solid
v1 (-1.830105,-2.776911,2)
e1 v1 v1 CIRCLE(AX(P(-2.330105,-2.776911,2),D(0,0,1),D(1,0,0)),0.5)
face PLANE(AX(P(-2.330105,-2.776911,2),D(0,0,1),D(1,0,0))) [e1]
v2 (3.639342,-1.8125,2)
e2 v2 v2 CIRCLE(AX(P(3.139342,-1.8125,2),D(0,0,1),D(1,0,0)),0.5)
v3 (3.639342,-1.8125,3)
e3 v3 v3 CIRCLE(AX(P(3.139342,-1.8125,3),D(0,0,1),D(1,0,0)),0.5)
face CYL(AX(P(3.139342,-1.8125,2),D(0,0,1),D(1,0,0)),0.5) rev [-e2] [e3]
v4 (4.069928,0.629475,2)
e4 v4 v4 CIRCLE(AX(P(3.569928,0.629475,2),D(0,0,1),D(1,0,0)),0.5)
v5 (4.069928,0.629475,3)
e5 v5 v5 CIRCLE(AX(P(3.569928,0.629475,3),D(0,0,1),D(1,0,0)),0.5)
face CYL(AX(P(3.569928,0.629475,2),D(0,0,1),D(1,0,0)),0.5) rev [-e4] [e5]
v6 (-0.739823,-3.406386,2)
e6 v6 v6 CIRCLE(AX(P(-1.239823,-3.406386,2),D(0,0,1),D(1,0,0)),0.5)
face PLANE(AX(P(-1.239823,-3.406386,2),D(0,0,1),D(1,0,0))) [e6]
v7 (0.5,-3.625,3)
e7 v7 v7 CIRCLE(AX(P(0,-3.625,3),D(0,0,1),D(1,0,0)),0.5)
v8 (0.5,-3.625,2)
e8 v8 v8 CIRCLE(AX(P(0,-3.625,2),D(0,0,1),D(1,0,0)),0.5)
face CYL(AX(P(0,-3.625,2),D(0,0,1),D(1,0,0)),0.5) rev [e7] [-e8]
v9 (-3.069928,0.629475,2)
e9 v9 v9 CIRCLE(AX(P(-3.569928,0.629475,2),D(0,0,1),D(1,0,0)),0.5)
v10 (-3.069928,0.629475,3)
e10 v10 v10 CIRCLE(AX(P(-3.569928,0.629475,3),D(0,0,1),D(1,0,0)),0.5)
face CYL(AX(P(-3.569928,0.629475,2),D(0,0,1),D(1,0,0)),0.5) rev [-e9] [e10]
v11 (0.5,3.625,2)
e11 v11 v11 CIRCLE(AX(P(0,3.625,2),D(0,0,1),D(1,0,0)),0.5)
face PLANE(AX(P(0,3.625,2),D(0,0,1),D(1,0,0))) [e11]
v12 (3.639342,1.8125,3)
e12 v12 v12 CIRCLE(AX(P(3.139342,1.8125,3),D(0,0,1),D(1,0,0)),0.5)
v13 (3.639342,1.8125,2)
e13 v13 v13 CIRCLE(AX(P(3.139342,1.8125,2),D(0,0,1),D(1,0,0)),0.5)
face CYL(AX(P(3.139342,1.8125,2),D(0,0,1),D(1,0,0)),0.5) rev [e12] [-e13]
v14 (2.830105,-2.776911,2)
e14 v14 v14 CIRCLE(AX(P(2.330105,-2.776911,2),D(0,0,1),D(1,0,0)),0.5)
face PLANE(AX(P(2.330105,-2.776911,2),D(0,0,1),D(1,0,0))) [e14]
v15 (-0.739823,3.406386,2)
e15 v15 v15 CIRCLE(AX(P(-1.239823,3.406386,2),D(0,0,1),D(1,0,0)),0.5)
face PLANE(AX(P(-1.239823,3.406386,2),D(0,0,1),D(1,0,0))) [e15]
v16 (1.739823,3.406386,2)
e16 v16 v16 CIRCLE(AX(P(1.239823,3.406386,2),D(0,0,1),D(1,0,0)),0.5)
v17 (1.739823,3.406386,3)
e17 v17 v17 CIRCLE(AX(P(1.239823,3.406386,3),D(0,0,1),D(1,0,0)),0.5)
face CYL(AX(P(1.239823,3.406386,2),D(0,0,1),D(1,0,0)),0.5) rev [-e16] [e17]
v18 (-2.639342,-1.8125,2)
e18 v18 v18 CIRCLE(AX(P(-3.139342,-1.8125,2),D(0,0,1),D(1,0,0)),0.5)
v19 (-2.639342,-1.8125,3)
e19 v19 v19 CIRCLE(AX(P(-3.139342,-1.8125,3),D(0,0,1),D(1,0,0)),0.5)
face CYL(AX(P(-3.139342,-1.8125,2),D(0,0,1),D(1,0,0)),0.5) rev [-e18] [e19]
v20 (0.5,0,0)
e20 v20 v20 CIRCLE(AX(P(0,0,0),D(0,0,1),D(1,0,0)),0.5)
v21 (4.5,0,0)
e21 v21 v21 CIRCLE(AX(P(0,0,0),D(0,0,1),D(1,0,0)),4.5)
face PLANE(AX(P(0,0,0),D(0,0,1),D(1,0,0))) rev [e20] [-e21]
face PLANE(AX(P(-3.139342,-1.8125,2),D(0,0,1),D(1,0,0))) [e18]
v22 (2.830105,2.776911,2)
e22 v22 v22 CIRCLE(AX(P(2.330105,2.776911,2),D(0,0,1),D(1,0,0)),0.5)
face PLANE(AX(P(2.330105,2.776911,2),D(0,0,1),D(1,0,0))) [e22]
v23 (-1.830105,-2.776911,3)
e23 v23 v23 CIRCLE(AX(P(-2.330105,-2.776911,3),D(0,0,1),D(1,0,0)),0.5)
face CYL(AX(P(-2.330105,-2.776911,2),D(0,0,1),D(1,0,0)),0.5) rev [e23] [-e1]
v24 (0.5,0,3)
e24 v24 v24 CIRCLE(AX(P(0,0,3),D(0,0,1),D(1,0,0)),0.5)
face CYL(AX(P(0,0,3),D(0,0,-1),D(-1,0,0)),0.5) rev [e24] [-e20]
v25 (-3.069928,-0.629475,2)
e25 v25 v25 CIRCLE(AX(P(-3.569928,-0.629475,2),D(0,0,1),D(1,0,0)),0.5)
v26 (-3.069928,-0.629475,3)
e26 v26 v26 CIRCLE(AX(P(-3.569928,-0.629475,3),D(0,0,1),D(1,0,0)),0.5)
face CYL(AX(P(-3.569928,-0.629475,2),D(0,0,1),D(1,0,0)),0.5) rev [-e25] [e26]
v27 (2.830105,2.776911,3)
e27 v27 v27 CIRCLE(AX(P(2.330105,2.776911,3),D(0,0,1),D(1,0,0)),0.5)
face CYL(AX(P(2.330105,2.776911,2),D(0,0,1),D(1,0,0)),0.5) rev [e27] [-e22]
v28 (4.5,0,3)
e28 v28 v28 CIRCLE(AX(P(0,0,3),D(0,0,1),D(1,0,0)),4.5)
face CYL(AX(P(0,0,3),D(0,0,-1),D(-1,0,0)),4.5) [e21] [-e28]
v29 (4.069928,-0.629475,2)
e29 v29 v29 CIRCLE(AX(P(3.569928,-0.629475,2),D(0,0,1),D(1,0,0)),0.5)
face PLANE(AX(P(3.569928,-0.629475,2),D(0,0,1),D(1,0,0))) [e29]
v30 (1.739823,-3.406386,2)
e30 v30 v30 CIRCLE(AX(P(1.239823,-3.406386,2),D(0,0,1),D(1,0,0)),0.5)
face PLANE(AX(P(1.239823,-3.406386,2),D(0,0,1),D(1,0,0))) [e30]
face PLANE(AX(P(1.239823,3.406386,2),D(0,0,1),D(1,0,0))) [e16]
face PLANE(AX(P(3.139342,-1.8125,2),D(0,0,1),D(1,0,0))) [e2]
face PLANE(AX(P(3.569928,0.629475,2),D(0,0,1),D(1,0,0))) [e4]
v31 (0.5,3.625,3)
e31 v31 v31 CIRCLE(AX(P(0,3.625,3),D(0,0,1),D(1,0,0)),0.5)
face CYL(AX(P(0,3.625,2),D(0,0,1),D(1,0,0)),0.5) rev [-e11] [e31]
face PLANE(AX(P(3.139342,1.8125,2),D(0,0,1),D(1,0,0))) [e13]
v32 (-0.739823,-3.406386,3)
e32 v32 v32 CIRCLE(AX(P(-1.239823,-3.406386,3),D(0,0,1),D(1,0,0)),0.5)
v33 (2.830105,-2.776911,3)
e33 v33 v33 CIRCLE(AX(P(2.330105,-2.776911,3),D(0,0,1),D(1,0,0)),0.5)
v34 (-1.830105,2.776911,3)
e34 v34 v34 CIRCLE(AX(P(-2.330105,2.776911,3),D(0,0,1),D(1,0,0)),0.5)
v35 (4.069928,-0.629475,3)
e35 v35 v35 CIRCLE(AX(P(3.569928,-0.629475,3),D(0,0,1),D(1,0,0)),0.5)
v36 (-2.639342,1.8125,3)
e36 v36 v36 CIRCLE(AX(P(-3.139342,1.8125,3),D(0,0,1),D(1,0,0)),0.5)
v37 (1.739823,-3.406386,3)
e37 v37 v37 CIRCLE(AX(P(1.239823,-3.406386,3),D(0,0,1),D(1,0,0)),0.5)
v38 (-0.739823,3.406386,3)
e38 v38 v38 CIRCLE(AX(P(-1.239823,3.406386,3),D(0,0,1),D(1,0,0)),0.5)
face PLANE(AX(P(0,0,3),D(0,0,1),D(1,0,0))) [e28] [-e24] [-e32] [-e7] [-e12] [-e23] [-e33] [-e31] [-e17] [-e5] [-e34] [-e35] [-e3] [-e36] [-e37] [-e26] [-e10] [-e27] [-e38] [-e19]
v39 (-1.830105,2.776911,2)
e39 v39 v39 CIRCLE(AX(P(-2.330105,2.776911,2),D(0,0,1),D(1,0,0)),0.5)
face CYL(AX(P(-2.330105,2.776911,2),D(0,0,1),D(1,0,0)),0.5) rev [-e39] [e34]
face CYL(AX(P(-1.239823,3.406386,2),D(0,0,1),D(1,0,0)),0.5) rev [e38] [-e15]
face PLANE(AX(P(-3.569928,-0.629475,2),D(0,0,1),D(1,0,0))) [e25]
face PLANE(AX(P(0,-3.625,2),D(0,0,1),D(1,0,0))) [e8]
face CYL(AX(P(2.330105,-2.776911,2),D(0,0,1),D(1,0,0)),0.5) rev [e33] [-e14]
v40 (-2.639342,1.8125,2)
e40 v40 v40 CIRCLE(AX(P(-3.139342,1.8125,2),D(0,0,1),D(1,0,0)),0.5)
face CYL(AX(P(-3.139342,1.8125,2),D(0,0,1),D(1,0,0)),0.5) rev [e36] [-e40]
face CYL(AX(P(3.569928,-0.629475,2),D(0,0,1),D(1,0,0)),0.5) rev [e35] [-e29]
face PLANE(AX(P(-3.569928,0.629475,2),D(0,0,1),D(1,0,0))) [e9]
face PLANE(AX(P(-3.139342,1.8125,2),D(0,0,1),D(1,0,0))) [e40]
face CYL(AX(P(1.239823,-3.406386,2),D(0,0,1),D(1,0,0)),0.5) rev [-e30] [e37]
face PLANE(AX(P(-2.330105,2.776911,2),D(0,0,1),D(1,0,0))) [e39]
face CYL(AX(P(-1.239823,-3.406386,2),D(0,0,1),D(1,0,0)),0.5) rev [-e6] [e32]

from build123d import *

# Parameters (mm, degrees)
SZKIC1_R                    = 4.5
SZKIC1_R_2                  = 0.5
DODANIE_WYCI_GNI_CIE1_DEPTH = 3
SZKIC2_R                    = 0.5
WYTNIJ_WYCI_GNI_CIE2_DEPTH  = 1


with BuildPart() as part:
    # Szkic1 → Dodanie-wyciągnięcie1 (new body)
    with BuildSketch(Plane.XY):
        Circle(SZKIC1_R)
        Circle(SZKIC1_R_2, mode=Mode.SUBTRACT)
    extrude(amount=DODANIE_WYCI_GNI_CIE1_DEPTH)

    # Szkic2 → Wytnij-wyciągnięcie2 (cut)
    with BuildSketch(Plane.XY.offset(3)):
        with Locations((0, 3.625)):
            Circle(SZKIC2_R)
        with Locations((1.23982302, 3.40638575)):
            Circle(SZKIC2_R)
        with Locations((2.330105085, 2.776911106)):
            Circle(SZKIC2_R)
        with Locations((3.139342089, 1.8125)):
            Circle(SZKIC2_R)
        with Locations((3.569928105, 0.629474644)):
            Circle(SZKIC2_R)
        with Locations((3.569928105, -0.629474644)):
            Circle(SZKIC2_R)
        with Locations((3.139342089, -1.8125)):
            Circle(SZKIC2_R)
        with Locations((2.330105085, -2.776911106)):
            Circle(SZKIC2_R)
        with Locations((1.23982302, -3.40638575)):
            Circle(SZKIC2_R)
        with Locations((0, -3.625)):
            Circle(SZKIC2_R)
        with Locations((-1.23982302, -3.40638575)):
            Circle(SZKIC2_R)
        with Locations((-2.330105085, -2.776911106)):
            Circle(SZKIC2_R)
        with Locations((-3.139342089, -1.8125)):
            Circle(SZKIC2_R)
        with Locations((-3.569928105, -0.629474644)):
            Circle(SZKIC2_R)
        with Locations((-3.569928105, 0.629474644)):
            Circle(SZKIC2_R)
        with Locations((-3.139342089, 1.8125)):
            Circle(SZKIC2_R)
        with Locations((-2.330105085, 2.776911106)):
            Circle(SZKIC2_R)
        with Locations((-1.23982302, 3.40638575)):
            Circle(SZKIC2_R)
    extrude(amount=-WYTNIJ_WYCI_GNI_CIE2_DEPTH, mode=Mode.SUBTRACT)


solid = part.part
